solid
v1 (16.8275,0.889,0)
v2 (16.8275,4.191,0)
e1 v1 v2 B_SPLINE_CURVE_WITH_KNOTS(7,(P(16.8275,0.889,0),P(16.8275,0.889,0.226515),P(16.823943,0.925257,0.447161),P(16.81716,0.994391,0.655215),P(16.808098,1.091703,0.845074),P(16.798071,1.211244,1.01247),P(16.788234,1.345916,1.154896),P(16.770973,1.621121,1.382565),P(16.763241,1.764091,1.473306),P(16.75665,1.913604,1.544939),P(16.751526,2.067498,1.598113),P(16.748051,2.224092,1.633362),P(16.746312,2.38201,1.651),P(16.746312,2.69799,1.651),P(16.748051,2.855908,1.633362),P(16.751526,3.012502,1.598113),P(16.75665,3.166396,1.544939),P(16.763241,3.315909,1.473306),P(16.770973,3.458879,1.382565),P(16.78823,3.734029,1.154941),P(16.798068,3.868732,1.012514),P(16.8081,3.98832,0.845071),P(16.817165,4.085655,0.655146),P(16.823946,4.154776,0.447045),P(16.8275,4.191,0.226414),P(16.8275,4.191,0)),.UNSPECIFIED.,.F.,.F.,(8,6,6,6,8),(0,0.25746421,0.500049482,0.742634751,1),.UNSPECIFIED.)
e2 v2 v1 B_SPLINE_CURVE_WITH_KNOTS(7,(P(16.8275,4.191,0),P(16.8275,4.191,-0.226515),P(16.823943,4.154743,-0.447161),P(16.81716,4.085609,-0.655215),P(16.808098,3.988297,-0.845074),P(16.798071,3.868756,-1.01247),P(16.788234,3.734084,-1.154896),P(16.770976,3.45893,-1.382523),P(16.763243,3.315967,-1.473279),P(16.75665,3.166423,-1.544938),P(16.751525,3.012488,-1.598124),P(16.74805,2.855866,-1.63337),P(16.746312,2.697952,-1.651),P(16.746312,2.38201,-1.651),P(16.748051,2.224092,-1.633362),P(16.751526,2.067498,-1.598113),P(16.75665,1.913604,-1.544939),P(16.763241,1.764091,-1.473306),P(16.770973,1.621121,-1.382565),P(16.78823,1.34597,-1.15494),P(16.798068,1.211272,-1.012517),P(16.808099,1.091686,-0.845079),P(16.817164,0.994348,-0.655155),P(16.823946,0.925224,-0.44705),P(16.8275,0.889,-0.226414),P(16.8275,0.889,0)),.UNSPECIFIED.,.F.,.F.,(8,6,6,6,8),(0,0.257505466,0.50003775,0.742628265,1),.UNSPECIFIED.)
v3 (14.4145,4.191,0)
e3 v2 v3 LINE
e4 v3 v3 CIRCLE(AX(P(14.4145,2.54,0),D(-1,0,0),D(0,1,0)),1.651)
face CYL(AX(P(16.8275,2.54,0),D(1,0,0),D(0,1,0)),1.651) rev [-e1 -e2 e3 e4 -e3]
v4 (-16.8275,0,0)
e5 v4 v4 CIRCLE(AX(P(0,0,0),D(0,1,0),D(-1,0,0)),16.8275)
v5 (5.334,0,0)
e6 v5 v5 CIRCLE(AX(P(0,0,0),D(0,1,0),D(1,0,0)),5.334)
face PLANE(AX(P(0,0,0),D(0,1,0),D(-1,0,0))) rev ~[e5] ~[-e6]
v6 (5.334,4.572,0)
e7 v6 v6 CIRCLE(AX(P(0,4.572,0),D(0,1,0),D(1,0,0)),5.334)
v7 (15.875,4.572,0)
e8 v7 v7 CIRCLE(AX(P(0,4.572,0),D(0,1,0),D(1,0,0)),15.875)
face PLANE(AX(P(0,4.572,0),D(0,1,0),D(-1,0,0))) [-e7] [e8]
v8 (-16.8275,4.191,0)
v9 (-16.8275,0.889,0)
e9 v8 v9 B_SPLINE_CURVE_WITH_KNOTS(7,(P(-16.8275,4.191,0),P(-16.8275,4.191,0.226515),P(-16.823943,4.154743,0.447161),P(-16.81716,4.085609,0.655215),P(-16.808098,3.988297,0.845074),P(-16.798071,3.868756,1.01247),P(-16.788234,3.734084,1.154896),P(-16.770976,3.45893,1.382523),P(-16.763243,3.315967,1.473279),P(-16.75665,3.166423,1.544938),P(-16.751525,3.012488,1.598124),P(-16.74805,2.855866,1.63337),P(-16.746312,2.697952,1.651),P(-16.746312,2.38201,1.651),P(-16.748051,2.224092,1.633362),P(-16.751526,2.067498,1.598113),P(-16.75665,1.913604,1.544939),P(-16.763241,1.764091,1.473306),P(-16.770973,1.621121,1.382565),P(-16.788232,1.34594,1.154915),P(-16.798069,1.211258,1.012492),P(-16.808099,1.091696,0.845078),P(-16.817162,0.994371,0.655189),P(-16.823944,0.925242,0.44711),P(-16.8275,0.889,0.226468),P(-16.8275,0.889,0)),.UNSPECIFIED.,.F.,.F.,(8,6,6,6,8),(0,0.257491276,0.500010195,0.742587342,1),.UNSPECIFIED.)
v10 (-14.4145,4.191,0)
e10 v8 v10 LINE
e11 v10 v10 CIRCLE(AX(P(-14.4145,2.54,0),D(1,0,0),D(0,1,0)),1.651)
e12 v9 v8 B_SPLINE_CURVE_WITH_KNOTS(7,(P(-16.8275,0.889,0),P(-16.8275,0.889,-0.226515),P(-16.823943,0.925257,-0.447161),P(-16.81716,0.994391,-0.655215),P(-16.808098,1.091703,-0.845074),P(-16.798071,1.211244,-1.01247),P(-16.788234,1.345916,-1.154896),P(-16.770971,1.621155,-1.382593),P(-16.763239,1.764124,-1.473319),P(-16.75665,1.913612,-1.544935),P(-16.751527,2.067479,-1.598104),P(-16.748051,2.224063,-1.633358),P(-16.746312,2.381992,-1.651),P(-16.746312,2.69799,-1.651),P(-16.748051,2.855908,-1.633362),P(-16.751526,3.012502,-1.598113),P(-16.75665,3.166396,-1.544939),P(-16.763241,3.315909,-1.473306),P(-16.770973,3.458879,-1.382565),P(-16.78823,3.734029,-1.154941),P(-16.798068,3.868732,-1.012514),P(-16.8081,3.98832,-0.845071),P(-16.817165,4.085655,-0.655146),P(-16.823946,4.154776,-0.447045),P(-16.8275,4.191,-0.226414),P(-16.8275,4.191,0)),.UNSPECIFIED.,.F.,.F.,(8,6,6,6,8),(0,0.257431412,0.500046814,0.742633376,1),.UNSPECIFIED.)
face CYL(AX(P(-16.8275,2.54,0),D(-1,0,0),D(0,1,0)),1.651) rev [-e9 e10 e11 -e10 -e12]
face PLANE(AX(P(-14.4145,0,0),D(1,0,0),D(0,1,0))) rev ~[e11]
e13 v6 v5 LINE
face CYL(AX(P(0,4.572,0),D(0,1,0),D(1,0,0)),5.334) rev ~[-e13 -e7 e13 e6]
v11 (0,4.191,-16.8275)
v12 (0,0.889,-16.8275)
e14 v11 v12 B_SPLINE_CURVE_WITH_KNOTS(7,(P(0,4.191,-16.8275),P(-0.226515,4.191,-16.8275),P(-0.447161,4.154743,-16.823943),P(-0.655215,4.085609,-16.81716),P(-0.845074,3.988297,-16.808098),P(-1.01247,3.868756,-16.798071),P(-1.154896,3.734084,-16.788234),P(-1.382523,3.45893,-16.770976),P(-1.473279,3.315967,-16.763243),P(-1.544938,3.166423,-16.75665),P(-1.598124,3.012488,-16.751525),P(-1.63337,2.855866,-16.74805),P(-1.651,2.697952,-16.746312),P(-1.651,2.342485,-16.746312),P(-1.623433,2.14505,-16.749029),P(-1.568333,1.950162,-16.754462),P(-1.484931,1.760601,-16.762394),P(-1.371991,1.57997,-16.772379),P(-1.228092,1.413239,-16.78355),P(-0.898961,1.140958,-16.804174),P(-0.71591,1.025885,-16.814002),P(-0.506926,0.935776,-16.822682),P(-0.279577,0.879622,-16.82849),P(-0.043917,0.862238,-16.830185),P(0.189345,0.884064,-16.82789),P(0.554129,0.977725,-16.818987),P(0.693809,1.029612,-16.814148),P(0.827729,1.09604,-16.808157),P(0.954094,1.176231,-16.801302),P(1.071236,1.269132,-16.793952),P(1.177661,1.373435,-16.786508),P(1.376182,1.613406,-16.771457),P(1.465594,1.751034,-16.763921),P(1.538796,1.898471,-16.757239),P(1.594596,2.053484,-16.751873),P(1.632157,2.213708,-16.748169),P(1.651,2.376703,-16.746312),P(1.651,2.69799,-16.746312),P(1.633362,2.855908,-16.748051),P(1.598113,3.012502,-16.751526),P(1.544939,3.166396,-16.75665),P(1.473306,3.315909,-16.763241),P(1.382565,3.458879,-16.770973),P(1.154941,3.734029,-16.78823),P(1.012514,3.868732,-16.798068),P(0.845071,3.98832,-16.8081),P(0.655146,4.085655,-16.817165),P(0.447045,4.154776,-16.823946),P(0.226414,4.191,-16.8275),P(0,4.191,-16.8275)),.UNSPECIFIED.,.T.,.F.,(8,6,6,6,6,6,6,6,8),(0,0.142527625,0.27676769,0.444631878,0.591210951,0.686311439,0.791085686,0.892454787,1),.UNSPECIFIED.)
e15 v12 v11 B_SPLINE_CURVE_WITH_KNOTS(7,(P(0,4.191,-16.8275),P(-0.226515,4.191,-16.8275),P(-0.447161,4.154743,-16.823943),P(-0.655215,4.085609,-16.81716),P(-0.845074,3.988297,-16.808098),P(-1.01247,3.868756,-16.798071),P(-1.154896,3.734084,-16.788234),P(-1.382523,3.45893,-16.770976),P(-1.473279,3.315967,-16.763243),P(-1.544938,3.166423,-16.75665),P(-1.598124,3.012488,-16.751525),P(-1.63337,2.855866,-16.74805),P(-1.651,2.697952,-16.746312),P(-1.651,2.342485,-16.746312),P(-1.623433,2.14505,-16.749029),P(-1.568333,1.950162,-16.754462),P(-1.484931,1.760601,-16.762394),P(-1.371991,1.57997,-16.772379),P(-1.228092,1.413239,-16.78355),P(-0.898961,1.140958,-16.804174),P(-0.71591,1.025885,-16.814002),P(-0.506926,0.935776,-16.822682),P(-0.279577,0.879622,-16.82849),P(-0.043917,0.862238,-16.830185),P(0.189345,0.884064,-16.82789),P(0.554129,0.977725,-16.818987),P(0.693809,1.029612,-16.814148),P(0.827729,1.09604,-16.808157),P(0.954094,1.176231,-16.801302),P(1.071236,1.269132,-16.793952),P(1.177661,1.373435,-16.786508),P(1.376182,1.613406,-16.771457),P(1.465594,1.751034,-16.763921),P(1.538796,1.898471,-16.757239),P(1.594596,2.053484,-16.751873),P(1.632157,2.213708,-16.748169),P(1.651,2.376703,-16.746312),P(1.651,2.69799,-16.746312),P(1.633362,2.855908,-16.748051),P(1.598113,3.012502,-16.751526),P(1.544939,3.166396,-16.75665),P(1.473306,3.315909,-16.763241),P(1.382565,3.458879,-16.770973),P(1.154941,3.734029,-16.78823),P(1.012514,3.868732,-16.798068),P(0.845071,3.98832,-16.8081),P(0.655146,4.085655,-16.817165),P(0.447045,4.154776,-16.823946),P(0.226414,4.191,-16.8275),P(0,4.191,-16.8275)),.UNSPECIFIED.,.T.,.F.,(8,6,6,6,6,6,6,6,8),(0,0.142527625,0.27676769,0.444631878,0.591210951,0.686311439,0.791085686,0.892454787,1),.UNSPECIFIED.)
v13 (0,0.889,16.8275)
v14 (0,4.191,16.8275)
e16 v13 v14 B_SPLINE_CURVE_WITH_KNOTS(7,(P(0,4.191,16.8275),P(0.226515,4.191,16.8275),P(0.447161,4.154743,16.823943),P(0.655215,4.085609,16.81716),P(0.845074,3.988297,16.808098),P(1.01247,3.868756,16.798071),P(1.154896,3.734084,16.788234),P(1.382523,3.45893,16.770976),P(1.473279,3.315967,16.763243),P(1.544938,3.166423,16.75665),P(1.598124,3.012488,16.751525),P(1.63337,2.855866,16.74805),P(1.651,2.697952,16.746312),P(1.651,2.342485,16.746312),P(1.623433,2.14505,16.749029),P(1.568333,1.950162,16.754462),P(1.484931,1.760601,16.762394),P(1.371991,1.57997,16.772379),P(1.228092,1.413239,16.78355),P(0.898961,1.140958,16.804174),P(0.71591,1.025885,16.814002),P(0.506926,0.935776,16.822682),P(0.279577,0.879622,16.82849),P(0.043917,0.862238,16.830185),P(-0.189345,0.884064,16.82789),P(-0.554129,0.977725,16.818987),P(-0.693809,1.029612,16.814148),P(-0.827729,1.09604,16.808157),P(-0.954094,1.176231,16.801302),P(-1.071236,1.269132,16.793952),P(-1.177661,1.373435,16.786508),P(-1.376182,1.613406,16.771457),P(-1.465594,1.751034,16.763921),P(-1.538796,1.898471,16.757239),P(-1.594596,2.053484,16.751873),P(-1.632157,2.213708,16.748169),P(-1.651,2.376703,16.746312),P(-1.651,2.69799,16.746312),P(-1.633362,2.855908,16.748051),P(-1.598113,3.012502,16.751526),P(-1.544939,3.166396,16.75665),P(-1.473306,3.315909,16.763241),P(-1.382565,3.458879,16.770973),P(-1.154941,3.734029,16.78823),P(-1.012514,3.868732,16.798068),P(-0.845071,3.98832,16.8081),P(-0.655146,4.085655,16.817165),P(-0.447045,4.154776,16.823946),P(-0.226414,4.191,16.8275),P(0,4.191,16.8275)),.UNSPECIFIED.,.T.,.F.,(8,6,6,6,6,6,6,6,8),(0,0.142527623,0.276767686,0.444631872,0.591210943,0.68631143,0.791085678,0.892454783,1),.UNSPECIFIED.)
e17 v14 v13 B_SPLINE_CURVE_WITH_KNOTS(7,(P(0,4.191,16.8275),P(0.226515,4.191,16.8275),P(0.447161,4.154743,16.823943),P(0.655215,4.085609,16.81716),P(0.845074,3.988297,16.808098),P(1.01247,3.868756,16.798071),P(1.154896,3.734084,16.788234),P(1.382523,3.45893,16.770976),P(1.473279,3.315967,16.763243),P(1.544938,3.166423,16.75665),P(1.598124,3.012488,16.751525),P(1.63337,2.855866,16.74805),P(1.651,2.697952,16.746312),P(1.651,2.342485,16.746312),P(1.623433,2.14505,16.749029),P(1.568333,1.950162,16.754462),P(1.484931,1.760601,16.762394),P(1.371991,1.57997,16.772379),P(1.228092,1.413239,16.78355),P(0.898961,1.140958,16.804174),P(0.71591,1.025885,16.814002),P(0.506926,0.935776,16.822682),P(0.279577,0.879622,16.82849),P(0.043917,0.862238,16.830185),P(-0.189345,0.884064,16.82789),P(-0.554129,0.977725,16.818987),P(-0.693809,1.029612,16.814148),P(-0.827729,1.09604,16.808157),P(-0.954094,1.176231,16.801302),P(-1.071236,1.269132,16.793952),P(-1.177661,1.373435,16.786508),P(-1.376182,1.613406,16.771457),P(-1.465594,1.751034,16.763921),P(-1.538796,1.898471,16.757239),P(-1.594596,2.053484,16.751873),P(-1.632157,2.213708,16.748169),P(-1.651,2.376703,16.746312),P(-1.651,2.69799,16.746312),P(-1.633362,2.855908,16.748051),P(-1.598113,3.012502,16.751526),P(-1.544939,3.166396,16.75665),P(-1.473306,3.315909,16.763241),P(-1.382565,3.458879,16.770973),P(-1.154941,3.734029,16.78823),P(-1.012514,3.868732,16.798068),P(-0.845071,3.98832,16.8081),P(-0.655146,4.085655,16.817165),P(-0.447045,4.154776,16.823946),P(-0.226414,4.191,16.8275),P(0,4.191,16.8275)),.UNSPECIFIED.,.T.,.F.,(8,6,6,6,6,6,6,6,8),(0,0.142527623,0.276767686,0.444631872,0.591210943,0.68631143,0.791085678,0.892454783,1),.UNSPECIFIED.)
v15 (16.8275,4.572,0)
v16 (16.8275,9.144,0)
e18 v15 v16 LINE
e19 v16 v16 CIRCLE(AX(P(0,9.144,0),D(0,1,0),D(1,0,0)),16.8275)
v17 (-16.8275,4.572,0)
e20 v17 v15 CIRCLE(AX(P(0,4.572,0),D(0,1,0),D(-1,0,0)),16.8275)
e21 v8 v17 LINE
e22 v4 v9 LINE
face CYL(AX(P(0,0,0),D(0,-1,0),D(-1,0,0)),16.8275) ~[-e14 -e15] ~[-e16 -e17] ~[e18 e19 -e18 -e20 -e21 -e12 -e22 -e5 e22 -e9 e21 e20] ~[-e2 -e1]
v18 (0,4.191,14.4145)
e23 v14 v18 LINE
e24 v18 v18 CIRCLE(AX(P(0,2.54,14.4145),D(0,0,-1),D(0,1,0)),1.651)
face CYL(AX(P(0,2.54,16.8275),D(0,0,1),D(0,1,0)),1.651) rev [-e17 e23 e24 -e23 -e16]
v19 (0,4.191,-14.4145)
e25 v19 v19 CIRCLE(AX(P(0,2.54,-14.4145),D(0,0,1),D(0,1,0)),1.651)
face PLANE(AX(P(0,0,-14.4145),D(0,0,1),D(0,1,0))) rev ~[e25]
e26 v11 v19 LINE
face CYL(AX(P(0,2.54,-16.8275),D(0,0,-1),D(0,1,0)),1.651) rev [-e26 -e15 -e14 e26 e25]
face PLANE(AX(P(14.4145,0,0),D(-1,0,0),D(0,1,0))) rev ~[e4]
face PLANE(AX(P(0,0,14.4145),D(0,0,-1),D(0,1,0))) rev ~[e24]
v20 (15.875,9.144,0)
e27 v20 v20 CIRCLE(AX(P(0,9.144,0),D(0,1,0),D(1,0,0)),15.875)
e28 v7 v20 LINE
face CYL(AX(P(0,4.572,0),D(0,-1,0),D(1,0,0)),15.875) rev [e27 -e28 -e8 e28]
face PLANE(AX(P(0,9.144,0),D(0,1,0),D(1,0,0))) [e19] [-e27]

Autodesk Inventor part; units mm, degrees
ref_plane "XZ Plane" through (0, 0, 0) normal (0, 1, 0) x (-1, 0, 0)
ref_plane "XY Plane" through (0, 0, 0) normal (0, 0, 1) x (1, 0, 0)
sketch "Sketch1" plane through (0, 0, 0) normal (0, 1, 0) x (-1, 0, 0)
  circle A0 centre (0, 0) radius 16.8275
  dimension "d0" = 33.655
extrude "Extrusion1" add sketch "Sketch1" along normal blind 4.572
sketch "Sketch2" plane through (0, 4.572, 0) normal (0, 1, 0) x (1, 0, 0)
  circle A0 centre (0, 0) radius 15.875
  circle A1 centre (0, 0) radius 16.8275 projected
  dimension "d3" = 31.75
extrude "Extrusion2" add sketch "Sketch2" along normal blind 4.572
ref_plane "Work Plane1" through (-16.8275, 0, 0) normal (1, 0, 0) x (0, 1, 0)
sketch "Sketch3" plane through (-16.8275, 0, 0) normal (1, 0, 0) x (0, 1, 0)
  circle A0 centre (2.54, 0) radius 1.651
  line L0 (0, 16.8275) -> (0, -16.8275) projected
  point P0 (0, 0)
  dimension "d6" = 3.302
  dimension "d7" = 2.54
extrude "Extrusion3" cut sketch "Sketch3" along normal blind 2.413
pattern_circular "Circular Pattern1" count 4 over 360 about axis through (0, 0, 0) along (0, 1, 0) of "Extrusion3"
sketch "Sketch4" plane through (0, 4.572, 0) normal (0, 1, 0) x (1, 0, 0)
  circle A0 centre (0, 0) radius 5.334
  dimension "d13" = 10.668
extrude "Extrusion4" cut sketch "Sketch4" against normal blind 25.4
properties part number "BallastThrustWasherSpacer" material "ABS Plastic"
